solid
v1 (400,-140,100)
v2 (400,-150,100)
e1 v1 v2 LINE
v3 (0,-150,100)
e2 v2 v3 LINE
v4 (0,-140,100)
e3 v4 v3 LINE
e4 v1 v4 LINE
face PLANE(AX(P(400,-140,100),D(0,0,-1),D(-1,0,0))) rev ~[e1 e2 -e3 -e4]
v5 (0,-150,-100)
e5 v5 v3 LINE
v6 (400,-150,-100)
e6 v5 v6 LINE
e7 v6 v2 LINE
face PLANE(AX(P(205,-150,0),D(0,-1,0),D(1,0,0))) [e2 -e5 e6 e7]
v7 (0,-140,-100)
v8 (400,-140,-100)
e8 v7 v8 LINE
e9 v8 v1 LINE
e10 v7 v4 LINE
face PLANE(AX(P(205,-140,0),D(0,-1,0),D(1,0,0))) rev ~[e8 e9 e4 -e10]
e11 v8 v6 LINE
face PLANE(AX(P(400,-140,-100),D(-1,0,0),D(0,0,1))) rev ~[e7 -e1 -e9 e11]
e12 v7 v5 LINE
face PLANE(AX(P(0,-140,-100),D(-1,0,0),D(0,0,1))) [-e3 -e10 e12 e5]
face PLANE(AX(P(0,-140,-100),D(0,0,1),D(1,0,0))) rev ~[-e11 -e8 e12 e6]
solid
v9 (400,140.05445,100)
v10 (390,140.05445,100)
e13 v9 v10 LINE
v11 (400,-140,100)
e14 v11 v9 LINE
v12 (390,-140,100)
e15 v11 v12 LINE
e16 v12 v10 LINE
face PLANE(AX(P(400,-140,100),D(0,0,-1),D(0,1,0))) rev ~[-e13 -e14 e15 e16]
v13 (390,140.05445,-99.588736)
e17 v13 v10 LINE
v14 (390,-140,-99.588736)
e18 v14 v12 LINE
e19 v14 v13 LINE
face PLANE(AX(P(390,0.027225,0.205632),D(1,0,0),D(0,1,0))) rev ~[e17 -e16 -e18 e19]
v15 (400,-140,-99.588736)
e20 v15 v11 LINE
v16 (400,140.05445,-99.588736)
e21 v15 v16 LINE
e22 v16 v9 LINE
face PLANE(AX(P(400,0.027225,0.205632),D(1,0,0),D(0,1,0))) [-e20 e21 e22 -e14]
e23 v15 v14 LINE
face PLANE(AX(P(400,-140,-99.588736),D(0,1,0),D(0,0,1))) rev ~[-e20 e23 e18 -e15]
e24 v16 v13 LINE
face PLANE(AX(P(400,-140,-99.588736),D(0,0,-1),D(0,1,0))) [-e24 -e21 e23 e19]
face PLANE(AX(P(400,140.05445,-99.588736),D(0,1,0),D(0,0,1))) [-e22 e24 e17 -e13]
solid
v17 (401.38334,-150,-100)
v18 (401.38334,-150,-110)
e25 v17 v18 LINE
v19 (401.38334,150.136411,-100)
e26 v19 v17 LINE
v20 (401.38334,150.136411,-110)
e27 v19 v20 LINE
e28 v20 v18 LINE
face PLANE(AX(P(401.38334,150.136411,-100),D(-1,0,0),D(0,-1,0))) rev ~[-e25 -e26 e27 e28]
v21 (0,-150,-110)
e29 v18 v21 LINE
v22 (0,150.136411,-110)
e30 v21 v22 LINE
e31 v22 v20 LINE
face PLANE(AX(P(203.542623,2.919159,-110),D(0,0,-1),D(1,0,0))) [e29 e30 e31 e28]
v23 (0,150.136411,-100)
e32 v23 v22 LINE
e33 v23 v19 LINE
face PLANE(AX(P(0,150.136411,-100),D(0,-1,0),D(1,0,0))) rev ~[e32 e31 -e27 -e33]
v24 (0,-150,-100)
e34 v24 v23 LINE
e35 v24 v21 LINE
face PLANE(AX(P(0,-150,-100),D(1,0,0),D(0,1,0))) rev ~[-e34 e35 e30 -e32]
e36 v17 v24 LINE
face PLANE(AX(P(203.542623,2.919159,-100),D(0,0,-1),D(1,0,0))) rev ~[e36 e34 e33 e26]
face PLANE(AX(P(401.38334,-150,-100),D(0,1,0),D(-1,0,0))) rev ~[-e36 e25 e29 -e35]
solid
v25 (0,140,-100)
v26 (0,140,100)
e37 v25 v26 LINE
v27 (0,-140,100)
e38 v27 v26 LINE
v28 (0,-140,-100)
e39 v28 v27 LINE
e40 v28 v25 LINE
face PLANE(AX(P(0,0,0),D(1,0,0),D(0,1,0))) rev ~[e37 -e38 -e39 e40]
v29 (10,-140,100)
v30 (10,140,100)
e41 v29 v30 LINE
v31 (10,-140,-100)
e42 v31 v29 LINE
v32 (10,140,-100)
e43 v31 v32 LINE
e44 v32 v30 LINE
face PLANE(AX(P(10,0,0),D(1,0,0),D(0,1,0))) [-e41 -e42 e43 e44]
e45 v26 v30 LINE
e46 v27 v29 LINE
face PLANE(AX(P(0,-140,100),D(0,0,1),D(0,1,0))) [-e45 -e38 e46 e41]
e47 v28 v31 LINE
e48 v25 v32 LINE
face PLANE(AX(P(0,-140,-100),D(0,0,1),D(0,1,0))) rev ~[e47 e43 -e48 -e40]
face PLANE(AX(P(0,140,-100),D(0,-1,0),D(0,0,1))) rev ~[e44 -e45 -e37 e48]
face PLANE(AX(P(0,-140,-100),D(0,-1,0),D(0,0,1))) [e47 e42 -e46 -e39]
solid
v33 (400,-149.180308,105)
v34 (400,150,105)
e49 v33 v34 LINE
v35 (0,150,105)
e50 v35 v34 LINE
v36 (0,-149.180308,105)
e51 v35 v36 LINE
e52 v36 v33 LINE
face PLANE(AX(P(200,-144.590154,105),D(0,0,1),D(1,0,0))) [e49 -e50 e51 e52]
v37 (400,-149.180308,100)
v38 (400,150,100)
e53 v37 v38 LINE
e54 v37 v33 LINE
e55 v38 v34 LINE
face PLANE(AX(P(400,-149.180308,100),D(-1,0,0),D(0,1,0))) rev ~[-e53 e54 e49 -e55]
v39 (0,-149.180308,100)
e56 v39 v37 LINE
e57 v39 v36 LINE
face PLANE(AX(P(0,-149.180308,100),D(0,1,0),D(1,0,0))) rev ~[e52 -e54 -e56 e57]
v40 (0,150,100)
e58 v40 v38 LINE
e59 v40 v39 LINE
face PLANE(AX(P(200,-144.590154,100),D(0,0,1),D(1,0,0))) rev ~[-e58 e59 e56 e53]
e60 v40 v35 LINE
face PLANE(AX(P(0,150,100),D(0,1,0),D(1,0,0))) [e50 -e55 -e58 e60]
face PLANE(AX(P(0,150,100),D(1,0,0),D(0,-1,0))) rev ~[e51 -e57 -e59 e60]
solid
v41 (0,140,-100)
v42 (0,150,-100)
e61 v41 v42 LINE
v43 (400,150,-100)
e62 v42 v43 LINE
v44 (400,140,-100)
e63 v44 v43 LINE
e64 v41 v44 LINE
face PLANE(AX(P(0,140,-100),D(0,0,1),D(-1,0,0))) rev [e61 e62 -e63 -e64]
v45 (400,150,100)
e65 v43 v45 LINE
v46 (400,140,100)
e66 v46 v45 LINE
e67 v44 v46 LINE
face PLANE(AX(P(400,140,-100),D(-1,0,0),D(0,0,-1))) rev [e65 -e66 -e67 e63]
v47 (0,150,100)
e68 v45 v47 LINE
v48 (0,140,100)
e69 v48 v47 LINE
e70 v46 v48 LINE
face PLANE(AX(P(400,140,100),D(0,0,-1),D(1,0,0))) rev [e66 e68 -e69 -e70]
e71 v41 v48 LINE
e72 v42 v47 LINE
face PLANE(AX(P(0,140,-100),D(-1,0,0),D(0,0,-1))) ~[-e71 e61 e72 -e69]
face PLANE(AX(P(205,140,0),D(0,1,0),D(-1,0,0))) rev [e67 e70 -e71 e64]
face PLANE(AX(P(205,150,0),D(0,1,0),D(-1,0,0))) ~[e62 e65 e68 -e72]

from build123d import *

# Parameters (mm, degrees)
F0_W      = 280
F0_H      = 200
F1_DEPTH  = 10
F2_W      = 390
F2_H      = 200
F2_W_2    = 10
F3_DEPTH  = 10
F5_W      = 280.054449
F5_H      = 199.588737
F6_DEPTH  = 10
F7_W      = 400
F7_H      = 10
F8_DEPTH  = 10
F9_W      = 400
F9_H      = 9.180308
F9_H_2    = 290
F10_DEPTH = 5


with BuildPart() as f1:
    # F0 (on Right) → F1 (new body)
    with BuildSketch(Plane.YZ):
        Rectangle(F0_W, F0_H)
    extrude(amount=F1_DEPTH)


with BuildPart() as f3:
    # F2 (on face) → F3 (new body)
    with BuildSketch(Plane.XZ.offset(140)):
        with Locations((205, 0)):
            Rectangle(F2_W, F2_H)
        with Locations((5, 0)):
            Rectangle(F2_W_2, F2_H)
    extrude(amount=F3_DEPTH)


with BuildPart() as f4_1:
    # F4: instance of F3
    add(f3.part.mirror(Plane.XZ))


with BuildPart() as f6:
    # F5 (on face) → F6 (new body)
    with BuildSketch(Plane.YZ.offset(400)):
        with Locations((0.027225, 0.205632)):
            Rectangle(F5_W, F5_H)
    extrude(amount=-F6_DEPTH)


with BuildPart() as f8:
    # F7 (on face) → F8 (new body)
    with BuildSketch(Plane(origin=(0, 0, -100), x_dir=(1, 0, 0), z_dir=(0, 0, -1))):
        Polygon((401.38334, 150), (400, 150), (400, 140), (0, 140), (0, -150.136411), (401.38334, -150.136411), align=None)
        with Locations((200, 145)):
            Rectangle(F7_W, F7_H)
    extrude(amount=F8_DEPTH)


with BuildPart() as f10:
    # F9 (on face) → F10 (new body)
    with BuildSketch(Plane.XY.offset(100)):
        with Locations((200, -144.590154)):
            Rectangle(F9_W, F9_H)
        with Locations((200, 5)):
            Rectangle(F9_W, F9_H_2)
    extrude(amount=F10_DEPTH)


solid = Compound([f1.part, f3.part, f4_1.part, f6.part, f8.part, f10.part])
